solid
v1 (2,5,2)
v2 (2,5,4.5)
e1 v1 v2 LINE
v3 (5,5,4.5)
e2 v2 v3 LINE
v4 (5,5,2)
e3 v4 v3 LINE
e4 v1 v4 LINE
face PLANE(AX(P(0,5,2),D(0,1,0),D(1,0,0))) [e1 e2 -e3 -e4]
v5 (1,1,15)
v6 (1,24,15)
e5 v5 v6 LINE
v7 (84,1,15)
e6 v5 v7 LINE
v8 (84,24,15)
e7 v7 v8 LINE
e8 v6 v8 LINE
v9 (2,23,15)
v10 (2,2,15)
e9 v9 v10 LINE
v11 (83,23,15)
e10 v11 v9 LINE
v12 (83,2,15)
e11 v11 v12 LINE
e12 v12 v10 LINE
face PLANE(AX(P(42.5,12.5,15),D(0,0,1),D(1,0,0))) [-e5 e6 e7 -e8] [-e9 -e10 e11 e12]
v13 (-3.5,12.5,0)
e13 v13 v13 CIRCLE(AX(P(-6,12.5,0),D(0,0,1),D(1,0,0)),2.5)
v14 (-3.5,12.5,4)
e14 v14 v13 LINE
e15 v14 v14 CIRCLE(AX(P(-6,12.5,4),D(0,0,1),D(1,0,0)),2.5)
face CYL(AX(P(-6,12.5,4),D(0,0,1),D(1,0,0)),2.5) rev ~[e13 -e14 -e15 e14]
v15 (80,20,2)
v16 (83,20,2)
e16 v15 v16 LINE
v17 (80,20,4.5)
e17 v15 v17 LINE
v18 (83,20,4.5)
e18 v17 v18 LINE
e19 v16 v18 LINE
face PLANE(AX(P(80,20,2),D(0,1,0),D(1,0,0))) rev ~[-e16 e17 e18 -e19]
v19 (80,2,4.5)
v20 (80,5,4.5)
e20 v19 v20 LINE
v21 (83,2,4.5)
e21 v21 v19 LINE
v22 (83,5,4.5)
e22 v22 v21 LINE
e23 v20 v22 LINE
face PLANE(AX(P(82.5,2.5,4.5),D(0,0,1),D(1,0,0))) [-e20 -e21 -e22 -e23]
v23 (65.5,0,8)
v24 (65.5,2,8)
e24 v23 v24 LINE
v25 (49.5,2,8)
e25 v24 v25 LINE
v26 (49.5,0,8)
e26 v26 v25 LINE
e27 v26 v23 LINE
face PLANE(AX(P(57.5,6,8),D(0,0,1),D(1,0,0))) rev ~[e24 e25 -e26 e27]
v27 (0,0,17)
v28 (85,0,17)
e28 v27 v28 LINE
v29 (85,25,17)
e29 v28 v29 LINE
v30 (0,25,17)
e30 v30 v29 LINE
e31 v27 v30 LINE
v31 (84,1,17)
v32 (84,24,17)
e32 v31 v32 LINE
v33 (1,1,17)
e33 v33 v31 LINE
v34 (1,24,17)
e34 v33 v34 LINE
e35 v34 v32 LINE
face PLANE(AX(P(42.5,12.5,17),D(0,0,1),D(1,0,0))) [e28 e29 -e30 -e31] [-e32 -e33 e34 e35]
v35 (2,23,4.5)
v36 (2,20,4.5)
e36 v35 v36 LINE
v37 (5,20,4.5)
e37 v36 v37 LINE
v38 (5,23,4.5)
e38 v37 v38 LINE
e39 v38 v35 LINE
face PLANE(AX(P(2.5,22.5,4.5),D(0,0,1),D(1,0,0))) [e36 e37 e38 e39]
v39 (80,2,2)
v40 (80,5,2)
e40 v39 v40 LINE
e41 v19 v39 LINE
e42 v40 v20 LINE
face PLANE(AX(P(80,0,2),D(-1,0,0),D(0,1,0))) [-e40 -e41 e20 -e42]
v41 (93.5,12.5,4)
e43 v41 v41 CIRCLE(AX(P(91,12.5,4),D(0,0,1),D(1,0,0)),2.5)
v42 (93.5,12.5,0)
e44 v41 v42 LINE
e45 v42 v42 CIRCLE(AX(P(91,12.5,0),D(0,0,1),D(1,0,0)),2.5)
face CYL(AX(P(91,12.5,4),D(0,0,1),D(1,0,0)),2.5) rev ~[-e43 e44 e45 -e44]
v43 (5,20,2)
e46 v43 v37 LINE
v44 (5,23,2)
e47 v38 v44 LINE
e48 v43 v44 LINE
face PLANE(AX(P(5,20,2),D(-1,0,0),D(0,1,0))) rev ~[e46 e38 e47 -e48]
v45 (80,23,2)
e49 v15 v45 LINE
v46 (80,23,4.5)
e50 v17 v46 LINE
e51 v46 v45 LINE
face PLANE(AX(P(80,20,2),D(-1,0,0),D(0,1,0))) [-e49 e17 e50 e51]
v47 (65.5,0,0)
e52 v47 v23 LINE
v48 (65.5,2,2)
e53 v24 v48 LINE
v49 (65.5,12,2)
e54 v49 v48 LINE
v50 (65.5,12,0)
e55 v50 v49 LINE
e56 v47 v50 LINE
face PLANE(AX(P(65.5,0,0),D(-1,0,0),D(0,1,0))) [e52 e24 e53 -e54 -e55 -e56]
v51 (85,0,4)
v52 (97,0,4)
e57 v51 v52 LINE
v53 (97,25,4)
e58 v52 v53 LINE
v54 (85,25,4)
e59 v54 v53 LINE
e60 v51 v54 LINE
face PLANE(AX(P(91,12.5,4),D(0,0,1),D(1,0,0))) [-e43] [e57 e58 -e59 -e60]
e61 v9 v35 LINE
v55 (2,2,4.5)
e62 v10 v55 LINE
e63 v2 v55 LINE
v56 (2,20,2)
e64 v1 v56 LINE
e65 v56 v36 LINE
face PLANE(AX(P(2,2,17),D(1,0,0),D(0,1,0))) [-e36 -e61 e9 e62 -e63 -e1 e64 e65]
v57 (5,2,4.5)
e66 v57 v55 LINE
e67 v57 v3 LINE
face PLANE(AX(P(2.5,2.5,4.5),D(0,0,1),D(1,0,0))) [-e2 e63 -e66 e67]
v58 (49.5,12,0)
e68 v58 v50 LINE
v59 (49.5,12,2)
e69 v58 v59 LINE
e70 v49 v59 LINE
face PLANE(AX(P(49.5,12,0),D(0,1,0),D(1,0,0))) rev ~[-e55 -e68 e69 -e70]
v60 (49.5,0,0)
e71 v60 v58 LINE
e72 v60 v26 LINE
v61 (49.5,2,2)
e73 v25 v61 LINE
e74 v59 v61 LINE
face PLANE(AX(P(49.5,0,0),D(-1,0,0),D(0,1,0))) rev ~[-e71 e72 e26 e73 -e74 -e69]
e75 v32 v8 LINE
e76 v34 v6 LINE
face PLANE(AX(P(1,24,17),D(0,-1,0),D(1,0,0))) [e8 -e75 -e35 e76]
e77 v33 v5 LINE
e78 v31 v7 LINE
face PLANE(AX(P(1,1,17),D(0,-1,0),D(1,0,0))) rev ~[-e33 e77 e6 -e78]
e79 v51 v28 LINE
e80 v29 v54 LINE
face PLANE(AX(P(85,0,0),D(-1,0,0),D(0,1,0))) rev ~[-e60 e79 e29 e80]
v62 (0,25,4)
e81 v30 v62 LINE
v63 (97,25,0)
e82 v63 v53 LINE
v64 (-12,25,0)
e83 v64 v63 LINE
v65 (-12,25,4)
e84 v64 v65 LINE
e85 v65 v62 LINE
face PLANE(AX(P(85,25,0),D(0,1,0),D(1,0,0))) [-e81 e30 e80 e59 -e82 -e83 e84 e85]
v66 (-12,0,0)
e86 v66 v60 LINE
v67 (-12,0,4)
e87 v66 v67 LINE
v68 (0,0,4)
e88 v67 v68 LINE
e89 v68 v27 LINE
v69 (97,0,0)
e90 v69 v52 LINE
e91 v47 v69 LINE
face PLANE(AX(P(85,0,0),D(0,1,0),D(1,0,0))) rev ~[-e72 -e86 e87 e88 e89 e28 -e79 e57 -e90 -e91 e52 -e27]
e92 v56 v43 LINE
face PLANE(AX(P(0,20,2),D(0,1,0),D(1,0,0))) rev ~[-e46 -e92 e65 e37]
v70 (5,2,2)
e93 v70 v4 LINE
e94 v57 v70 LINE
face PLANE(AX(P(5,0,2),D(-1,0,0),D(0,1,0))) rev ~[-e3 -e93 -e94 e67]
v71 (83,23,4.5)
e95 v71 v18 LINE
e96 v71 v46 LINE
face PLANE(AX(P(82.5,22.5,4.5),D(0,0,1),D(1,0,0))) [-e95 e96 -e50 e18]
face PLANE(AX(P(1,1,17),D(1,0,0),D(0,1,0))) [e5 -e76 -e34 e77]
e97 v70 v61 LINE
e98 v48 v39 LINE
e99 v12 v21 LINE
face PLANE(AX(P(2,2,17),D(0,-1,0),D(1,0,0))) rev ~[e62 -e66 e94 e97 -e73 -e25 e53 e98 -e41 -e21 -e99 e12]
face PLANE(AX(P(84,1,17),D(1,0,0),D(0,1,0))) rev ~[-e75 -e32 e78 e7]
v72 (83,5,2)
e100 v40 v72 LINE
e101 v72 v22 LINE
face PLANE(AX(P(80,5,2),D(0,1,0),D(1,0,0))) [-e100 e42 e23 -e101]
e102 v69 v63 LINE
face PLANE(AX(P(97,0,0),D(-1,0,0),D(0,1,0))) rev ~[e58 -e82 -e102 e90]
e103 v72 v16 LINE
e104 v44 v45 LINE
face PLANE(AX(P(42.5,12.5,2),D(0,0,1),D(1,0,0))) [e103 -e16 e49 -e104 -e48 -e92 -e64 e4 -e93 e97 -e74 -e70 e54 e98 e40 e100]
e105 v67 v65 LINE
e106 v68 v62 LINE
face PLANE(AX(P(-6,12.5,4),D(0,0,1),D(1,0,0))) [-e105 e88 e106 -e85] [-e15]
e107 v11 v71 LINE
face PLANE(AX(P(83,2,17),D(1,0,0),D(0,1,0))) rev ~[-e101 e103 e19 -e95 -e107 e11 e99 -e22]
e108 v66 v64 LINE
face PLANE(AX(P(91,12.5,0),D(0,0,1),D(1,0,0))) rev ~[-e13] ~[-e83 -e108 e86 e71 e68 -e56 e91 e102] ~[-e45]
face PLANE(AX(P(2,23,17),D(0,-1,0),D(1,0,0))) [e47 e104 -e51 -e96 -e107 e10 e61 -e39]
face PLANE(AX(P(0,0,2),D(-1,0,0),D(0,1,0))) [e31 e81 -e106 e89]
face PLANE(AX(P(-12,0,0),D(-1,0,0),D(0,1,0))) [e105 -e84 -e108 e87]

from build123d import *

# Parameters (mm, degrees)
SKETCH_W        = 85
SKETCH_H        = 25
PAD_DEPTH       = 17
SKETCH001_W     = 81
SKETCH001_H     = 21
POCKET_DEPTH    = 15
SKETCH002_W     = 16
SKETCH002_H     = 12
POCKET001_DEPTH = 8
SKETCH003_W     = 83
SKETCH003_H     = 23
POCKET002_DEPTH = 2
SKETCH004_W     = 5
SKETCH004_H     = 5
PAD001_DEPTH    = 2.5
SKETCH008_W     = 12
SKETCH008_H     = 25
PAD004_DEPTH    = 4
SKETCH010_W     = 12
SKETCH010_H     = 25
PAD005_DEPTH    = 4
SKETCH011_R     = 2.5
POCKET004_DEPTH = 4.001
SKETCH012_R     = 2.5
POCKET005_DEPTH = 4.001


with BuildPart() as part:
    # Sketch → Pad (new body)
    with BuildSketch(Plane.XY):
        with Locations((42.5, 12.5)):
            Rectangle(SKETCH_W, SKETCH_H)
    extrude(amount=PAD_DEPTH)

    # Sketch001 (on Face6 of Pad) → Pocket (cut)
    with BuildSketch(Plane.XY.offset(17)):
        with Locations((42.5, 12.5)):
            Rectangle(SKETCH001_W, SKETCH001_H)
    extrude(amount=-POCKET_DEPTH, mode=Mode.SUBTRACT)

    # Sketch002 → Pocket001 (cut)
    with BuildSketch(Plane.XY):
        with Locations((57.5, 6)):
            Rectangle(SKETCH002_W, SKETCH002_H)
    extrude(amount=POCKET001_DEPTH, mode=Mode.SUBTRACT)

    # Sketch003 (on Face7 of Pocket001) → Pocket002 (cut)
    with BuildSketch(Plane.XY.offset(17)):
        with Locations((42.5, 12.5)):
            Rectangle(SKETCH003_W, SKETCH003_H)
    extrude(amount=-POCKET002_DEPTH, mode=Mode.SUBTRACT)

    # Sketch004 (on Face12 of Pocket002) → Pad001 (join)
    with BuildSketch(Plane.XY.offset(2)):
        with Locations((2.5, 2.5)):
            Rectangle(SKETCH004_W, SKETCH004_H)
        with Locations((2.5, 22.5)):
            Rectangle(SKETCH004_W, SKETCH004_H)
        with Locations((82.5, 2.5)):
            Rectangle(SKETCH004_W, SKETCH004_H)
        with Locations((82.5, 22.5)):
            Rectangle(SKETCH004_W, SKETCH004_H)
    extrude(amount=PAD001_DEPTH)

    # Sketch008 → Pad004 (join)
    with BuildSketch(Plane.XY):
        with Locations((-6, 12.5)):
            Rectangle(SKETCH008_W, SKETCH008_H)
    extrude(amount=PAD004_DEPTH)

    # Sketch010 → Pad005 (join)
    with BuildSketch(Plane.XY):
        with Locations((91, 12.5)):
            Rectangle(SKETCH010_W, SKETCH010_H)
    extrude(amount=PAD005_DEPTH)

    # Sketch011 (on Face27 of Pad005) → Pocket004 (cut, through all)
    with BuildSketch(Plane.XY.offset(4)):
        with Locations((-6, 12.5)):
            Circle(SKETCH011_R)
    extrude(amount=-POCKET004_DEPTH, mode=Mode.SUBTRACT)

    # Sketch012 (on Face20 of Pocket004) → Pocket005 (cut, through all)
    with BuildSketch(Plane.XY.offset(4)):
        with Locations((91, 12.5)):
            Circle(SKETCH012_R)
    extrude(amount=-POCKET005_DEPTH, mode=Mode.SUBTRACT)


solid = part.part
